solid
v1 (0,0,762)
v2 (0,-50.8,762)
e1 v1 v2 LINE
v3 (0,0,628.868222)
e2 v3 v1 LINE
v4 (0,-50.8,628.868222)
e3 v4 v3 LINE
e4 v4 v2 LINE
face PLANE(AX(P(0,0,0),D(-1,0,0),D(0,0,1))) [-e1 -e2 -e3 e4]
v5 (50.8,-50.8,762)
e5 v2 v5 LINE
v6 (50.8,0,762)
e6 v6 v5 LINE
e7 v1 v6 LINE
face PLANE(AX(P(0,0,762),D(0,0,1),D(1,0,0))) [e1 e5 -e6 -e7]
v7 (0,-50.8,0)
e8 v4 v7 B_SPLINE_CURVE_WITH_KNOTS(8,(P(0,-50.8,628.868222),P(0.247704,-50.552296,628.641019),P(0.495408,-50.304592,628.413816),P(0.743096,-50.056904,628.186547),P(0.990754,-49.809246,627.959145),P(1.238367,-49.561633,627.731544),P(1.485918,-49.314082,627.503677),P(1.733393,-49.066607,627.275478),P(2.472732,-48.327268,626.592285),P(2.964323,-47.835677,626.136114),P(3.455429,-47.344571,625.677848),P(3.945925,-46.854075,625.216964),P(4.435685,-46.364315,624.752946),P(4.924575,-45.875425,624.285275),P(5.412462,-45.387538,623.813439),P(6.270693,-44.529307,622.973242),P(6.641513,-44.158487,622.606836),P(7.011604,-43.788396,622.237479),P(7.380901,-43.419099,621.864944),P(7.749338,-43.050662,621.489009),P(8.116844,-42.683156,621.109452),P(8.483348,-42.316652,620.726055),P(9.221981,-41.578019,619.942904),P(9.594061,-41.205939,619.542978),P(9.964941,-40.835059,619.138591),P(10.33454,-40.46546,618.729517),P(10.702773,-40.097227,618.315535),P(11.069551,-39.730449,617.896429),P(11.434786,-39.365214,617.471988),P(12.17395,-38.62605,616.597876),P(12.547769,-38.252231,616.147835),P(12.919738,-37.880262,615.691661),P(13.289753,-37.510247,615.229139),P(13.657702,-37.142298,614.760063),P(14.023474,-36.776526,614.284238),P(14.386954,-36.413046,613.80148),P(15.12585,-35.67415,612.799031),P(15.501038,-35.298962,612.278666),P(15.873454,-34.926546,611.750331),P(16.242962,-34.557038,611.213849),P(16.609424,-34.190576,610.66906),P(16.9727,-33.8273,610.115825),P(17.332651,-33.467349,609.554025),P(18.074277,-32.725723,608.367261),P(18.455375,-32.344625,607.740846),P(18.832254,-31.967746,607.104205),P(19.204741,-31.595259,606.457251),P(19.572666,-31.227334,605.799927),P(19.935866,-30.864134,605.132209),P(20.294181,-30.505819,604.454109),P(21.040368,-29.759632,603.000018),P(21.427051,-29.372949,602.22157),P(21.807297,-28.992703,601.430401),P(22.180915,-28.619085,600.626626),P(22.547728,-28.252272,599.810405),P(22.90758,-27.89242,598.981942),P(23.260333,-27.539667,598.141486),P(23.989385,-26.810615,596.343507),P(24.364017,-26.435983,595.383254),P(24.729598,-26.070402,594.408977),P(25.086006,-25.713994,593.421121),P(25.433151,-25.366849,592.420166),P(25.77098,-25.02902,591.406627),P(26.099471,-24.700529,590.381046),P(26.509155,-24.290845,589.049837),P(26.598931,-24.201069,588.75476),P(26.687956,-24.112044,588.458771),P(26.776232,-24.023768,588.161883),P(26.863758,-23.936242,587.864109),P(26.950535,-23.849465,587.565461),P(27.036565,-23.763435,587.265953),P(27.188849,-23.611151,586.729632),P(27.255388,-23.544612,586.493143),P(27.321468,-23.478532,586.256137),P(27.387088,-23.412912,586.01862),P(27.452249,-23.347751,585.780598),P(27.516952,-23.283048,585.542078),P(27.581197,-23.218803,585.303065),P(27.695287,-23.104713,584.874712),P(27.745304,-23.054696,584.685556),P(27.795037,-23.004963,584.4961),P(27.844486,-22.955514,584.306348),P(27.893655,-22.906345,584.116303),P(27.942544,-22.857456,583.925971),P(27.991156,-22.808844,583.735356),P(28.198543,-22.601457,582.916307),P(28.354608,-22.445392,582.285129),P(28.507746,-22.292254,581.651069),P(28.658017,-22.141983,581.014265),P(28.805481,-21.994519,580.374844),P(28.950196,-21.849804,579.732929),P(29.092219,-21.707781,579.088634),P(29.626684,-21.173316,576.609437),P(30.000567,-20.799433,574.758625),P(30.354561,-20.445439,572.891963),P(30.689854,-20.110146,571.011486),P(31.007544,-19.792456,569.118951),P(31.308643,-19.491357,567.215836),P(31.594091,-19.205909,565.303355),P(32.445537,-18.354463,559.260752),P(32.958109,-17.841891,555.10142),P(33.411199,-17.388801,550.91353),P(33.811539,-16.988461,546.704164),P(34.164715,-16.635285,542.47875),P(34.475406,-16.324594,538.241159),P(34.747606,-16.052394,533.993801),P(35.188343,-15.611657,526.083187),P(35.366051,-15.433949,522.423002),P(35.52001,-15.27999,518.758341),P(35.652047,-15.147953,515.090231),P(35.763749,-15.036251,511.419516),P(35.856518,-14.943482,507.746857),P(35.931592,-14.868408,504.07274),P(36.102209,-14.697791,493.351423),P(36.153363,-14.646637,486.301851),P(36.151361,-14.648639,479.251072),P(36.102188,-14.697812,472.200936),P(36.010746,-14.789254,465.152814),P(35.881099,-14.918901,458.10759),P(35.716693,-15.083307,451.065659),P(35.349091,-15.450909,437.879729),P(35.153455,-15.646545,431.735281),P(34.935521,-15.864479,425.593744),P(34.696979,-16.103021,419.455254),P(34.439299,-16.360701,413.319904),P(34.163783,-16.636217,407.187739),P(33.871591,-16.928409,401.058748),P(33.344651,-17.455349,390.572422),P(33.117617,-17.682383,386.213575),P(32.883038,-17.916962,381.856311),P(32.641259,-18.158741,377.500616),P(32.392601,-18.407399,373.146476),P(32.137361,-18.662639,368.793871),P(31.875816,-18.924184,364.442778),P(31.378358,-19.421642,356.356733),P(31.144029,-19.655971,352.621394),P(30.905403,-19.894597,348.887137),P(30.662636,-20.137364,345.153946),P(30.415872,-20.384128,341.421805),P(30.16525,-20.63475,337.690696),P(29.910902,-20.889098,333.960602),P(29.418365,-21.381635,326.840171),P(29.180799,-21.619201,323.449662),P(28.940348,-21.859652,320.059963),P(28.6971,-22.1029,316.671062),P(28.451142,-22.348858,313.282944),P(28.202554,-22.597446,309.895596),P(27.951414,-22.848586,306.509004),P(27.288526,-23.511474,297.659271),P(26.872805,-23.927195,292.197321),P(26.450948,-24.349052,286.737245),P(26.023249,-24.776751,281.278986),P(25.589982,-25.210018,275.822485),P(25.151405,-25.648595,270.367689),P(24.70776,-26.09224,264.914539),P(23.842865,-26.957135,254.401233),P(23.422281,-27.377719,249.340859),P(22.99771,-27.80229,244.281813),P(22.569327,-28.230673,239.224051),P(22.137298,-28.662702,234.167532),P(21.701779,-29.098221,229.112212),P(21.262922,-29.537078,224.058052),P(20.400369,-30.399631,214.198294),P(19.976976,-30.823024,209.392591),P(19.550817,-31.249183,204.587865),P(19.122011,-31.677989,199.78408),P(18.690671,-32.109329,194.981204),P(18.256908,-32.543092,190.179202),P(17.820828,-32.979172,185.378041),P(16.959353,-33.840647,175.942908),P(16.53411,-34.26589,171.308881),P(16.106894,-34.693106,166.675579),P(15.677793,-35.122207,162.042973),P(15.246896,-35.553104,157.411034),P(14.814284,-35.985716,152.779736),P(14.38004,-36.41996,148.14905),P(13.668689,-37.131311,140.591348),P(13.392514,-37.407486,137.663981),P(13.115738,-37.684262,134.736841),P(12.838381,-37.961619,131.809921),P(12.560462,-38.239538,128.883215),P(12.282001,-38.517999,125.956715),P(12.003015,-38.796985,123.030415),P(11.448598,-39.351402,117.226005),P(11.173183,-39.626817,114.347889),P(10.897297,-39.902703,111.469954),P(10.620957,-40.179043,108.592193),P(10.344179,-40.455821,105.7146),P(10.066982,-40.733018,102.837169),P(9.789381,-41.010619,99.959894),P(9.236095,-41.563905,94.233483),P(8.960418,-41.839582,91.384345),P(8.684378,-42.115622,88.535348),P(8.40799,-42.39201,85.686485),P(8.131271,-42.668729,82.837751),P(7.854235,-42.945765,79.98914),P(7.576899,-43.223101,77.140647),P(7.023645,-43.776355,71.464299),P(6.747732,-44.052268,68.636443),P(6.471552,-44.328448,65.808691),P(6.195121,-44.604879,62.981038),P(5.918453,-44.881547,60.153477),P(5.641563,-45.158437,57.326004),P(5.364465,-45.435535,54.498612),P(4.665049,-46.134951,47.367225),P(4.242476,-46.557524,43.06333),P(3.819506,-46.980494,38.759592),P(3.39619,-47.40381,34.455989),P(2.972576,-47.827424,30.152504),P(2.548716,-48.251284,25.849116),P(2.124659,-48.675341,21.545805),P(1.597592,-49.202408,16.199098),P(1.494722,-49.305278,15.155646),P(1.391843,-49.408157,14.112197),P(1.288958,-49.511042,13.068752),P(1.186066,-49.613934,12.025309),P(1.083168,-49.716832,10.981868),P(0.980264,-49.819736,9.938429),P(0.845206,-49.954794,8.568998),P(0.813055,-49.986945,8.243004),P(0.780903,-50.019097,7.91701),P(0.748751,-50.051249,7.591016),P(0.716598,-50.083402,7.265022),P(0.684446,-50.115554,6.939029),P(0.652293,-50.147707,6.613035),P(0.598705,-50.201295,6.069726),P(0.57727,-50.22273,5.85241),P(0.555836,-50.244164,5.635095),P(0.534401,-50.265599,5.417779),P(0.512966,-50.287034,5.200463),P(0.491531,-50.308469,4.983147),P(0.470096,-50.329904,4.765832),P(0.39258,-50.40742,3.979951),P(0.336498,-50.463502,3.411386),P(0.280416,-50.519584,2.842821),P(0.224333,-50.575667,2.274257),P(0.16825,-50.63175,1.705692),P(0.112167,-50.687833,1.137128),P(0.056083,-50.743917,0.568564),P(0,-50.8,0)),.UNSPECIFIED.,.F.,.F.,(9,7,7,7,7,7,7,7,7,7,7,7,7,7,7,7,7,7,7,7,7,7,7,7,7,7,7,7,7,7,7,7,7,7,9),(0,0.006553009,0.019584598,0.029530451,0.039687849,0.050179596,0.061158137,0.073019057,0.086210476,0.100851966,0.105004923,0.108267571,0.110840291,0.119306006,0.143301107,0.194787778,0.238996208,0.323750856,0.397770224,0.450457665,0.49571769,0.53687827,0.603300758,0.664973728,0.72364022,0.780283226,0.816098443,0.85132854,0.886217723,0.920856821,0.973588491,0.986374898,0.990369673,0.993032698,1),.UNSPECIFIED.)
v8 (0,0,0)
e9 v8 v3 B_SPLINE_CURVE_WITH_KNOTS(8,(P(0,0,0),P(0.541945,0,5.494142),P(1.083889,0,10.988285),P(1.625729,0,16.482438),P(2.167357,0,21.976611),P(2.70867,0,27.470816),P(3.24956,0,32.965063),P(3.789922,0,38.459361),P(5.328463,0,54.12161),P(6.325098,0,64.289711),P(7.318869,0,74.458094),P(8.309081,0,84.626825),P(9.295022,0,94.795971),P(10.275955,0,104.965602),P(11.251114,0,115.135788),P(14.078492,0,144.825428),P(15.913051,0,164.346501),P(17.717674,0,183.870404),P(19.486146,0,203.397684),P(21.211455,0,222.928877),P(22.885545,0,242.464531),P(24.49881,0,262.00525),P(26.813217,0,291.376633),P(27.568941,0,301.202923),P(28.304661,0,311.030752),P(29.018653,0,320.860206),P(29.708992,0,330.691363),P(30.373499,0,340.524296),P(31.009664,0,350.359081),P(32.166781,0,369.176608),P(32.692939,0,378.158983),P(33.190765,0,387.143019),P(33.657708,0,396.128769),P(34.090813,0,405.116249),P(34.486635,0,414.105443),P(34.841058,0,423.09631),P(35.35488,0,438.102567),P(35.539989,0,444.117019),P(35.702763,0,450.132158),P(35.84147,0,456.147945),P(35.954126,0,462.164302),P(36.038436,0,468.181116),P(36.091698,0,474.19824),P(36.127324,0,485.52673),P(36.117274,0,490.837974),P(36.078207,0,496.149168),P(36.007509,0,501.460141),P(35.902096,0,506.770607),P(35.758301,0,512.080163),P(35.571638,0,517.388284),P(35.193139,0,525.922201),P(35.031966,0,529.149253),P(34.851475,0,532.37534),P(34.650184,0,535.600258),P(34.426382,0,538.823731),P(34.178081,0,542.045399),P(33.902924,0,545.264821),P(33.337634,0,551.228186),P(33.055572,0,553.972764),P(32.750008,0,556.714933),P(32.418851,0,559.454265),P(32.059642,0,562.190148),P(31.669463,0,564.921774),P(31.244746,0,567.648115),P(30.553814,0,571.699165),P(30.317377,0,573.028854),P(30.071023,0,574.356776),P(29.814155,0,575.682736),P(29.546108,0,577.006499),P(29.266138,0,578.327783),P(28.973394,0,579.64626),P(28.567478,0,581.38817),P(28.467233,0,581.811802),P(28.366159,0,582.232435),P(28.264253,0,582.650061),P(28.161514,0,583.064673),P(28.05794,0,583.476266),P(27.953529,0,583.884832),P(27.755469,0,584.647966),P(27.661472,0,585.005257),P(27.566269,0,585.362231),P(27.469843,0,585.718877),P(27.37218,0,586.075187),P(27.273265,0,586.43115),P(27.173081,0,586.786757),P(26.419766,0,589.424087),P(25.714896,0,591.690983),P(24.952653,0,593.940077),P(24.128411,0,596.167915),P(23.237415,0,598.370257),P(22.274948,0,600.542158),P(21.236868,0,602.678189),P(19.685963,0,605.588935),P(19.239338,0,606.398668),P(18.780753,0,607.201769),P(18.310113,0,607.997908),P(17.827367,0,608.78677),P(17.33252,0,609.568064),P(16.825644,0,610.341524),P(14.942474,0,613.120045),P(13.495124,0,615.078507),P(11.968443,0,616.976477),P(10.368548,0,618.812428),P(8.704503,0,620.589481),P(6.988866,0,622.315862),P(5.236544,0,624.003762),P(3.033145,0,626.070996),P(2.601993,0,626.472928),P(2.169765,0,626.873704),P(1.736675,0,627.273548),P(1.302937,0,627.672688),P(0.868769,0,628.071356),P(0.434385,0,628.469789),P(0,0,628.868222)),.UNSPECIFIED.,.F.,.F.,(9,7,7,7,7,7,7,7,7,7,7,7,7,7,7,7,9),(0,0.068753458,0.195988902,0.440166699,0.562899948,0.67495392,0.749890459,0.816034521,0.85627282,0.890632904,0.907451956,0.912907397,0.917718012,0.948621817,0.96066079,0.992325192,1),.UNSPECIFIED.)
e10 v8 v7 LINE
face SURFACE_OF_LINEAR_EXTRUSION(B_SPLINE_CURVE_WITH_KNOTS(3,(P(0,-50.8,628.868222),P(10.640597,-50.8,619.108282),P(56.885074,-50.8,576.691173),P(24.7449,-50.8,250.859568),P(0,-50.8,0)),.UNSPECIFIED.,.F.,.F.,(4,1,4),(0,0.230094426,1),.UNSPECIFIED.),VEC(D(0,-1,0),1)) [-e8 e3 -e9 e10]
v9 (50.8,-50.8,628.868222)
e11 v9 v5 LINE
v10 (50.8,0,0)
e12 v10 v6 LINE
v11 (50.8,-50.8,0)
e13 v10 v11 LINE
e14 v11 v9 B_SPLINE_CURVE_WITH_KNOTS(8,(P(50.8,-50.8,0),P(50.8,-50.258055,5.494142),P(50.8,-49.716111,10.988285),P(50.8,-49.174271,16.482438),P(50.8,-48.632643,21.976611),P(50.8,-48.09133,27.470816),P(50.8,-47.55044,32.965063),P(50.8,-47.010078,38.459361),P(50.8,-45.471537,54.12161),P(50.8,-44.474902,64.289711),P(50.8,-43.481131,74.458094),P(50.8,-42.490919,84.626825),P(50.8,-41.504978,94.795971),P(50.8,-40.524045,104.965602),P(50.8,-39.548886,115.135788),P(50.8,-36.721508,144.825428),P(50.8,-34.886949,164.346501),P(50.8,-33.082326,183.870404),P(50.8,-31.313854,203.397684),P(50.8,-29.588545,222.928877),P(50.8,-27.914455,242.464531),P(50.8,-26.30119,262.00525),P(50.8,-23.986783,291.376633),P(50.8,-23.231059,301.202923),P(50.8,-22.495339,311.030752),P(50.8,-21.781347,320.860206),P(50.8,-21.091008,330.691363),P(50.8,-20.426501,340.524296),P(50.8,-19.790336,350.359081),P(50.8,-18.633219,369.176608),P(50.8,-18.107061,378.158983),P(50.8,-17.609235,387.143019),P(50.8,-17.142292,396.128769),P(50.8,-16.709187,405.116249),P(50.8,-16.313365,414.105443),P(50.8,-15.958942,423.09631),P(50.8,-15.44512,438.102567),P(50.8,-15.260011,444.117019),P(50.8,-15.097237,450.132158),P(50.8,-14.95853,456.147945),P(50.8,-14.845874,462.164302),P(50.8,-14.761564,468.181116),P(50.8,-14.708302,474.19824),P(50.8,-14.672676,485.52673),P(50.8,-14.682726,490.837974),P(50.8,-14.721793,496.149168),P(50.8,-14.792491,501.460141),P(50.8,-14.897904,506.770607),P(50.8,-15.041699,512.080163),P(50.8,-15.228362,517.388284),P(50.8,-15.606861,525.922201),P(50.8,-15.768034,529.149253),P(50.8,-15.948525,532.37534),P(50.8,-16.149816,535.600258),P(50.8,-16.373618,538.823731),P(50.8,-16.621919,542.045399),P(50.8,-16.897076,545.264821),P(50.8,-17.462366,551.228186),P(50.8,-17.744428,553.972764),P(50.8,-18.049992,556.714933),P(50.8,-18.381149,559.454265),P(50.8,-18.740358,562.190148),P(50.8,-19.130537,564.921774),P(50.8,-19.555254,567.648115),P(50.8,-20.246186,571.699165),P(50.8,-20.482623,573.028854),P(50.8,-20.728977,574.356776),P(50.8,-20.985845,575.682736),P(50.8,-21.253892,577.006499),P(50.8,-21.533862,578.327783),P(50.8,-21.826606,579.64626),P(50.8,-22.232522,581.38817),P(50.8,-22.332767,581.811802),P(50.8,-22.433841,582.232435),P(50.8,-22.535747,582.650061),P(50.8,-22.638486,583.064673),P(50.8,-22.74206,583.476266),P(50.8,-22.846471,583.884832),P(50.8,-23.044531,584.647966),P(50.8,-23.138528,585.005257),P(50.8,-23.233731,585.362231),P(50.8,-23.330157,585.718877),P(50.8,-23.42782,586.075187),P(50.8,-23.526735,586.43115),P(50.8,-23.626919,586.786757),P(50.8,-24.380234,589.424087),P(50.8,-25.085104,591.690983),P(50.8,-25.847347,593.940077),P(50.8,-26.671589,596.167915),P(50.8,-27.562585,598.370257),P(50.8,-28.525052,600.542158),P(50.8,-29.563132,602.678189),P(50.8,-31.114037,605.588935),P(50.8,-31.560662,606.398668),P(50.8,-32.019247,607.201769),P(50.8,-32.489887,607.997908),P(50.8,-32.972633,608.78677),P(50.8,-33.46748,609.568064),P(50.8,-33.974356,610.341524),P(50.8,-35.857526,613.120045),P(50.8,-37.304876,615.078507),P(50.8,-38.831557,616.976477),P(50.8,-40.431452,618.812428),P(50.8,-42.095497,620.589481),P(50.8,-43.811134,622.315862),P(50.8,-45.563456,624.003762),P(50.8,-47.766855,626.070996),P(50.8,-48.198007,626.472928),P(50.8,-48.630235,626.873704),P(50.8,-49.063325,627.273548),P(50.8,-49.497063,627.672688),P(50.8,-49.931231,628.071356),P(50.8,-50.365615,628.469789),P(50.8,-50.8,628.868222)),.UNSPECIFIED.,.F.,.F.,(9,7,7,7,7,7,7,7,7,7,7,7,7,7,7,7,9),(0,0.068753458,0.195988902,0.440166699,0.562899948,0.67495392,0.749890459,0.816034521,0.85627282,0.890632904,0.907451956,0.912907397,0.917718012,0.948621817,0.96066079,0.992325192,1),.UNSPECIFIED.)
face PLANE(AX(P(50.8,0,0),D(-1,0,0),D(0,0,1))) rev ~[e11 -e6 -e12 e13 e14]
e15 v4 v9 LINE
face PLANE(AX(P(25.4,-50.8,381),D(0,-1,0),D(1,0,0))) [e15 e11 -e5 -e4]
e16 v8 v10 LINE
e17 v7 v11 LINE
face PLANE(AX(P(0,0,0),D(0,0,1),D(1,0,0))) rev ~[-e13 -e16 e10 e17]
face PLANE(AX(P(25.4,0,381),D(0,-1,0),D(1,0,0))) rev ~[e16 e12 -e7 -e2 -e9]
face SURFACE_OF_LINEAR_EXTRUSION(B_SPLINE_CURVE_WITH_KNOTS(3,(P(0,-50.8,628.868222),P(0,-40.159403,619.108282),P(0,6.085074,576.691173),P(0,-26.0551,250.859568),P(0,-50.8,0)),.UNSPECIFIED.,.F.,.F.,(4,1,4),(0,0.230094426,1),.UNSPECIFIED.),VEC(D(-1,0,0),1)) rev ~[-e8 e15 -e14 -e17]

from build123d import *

# Parameters (mm, degrees)
F0_W     = 50.8
F0_H     = 762
F1_DEPTH = 50.8
F3_DEPTH = 50.801
F5_DEPTH = 50.8010001


with BuildPart() as f1:
    # F0 (on Front) → F1 (new body)
    with BuildSketch(Plane.XZ):
        with Locations((25.4, 381)):
            Rectangle(F0_W, F0_H)
    extrude(amount=F1_DEPTH)

    # F2 (on face) → F3 (cut, through all)
    with BuildSketch(Plane(origin=(0, 0, 0), x_dir=(0, -1, 0), z_dir=(-1, 0, 0))):
        with BuildLine():
            Line((50.8, 0), (50.8, 628.8682222366))
            add(Edge.make_bspline(
                [(50.8, 628.8682222366), (40.1594034425, 619.1082818245), (-6.0850742502, 576.6911725737), (26.0551003957, 250.8595682805), (50.8, 0)],
                knots=[0, 0, 0, 0, 0.2300944262, 1, 1, 1, 1], degree=3))
        make_face()
    extrude(amount=-F3_DEPTH, mode=Mode.SUBTRACT)

    # F4 (on face) → F5 (cut, through all)
    with BuildSketch(Plane.XZ.offset(50.8)):
        with BuildLine():
            add(Edge.make_bspline(
                [(0, 628.8682222366), (10.6405965575, 619.1082818245), (56.8850742502, 576.6911725737), (24.7448996043, 250.8595682805), (0, 0)],
                knots=[0, 0, 0, 0, 0.2300944262, 1, 1, 1, 1], degree=3))
            Line((0, 628.8682222366), (0, 0))
        make_face()
    extrude(amount=-F5_DEPTH, mode=Mode.SUBTRACT)


solid = f1.part
